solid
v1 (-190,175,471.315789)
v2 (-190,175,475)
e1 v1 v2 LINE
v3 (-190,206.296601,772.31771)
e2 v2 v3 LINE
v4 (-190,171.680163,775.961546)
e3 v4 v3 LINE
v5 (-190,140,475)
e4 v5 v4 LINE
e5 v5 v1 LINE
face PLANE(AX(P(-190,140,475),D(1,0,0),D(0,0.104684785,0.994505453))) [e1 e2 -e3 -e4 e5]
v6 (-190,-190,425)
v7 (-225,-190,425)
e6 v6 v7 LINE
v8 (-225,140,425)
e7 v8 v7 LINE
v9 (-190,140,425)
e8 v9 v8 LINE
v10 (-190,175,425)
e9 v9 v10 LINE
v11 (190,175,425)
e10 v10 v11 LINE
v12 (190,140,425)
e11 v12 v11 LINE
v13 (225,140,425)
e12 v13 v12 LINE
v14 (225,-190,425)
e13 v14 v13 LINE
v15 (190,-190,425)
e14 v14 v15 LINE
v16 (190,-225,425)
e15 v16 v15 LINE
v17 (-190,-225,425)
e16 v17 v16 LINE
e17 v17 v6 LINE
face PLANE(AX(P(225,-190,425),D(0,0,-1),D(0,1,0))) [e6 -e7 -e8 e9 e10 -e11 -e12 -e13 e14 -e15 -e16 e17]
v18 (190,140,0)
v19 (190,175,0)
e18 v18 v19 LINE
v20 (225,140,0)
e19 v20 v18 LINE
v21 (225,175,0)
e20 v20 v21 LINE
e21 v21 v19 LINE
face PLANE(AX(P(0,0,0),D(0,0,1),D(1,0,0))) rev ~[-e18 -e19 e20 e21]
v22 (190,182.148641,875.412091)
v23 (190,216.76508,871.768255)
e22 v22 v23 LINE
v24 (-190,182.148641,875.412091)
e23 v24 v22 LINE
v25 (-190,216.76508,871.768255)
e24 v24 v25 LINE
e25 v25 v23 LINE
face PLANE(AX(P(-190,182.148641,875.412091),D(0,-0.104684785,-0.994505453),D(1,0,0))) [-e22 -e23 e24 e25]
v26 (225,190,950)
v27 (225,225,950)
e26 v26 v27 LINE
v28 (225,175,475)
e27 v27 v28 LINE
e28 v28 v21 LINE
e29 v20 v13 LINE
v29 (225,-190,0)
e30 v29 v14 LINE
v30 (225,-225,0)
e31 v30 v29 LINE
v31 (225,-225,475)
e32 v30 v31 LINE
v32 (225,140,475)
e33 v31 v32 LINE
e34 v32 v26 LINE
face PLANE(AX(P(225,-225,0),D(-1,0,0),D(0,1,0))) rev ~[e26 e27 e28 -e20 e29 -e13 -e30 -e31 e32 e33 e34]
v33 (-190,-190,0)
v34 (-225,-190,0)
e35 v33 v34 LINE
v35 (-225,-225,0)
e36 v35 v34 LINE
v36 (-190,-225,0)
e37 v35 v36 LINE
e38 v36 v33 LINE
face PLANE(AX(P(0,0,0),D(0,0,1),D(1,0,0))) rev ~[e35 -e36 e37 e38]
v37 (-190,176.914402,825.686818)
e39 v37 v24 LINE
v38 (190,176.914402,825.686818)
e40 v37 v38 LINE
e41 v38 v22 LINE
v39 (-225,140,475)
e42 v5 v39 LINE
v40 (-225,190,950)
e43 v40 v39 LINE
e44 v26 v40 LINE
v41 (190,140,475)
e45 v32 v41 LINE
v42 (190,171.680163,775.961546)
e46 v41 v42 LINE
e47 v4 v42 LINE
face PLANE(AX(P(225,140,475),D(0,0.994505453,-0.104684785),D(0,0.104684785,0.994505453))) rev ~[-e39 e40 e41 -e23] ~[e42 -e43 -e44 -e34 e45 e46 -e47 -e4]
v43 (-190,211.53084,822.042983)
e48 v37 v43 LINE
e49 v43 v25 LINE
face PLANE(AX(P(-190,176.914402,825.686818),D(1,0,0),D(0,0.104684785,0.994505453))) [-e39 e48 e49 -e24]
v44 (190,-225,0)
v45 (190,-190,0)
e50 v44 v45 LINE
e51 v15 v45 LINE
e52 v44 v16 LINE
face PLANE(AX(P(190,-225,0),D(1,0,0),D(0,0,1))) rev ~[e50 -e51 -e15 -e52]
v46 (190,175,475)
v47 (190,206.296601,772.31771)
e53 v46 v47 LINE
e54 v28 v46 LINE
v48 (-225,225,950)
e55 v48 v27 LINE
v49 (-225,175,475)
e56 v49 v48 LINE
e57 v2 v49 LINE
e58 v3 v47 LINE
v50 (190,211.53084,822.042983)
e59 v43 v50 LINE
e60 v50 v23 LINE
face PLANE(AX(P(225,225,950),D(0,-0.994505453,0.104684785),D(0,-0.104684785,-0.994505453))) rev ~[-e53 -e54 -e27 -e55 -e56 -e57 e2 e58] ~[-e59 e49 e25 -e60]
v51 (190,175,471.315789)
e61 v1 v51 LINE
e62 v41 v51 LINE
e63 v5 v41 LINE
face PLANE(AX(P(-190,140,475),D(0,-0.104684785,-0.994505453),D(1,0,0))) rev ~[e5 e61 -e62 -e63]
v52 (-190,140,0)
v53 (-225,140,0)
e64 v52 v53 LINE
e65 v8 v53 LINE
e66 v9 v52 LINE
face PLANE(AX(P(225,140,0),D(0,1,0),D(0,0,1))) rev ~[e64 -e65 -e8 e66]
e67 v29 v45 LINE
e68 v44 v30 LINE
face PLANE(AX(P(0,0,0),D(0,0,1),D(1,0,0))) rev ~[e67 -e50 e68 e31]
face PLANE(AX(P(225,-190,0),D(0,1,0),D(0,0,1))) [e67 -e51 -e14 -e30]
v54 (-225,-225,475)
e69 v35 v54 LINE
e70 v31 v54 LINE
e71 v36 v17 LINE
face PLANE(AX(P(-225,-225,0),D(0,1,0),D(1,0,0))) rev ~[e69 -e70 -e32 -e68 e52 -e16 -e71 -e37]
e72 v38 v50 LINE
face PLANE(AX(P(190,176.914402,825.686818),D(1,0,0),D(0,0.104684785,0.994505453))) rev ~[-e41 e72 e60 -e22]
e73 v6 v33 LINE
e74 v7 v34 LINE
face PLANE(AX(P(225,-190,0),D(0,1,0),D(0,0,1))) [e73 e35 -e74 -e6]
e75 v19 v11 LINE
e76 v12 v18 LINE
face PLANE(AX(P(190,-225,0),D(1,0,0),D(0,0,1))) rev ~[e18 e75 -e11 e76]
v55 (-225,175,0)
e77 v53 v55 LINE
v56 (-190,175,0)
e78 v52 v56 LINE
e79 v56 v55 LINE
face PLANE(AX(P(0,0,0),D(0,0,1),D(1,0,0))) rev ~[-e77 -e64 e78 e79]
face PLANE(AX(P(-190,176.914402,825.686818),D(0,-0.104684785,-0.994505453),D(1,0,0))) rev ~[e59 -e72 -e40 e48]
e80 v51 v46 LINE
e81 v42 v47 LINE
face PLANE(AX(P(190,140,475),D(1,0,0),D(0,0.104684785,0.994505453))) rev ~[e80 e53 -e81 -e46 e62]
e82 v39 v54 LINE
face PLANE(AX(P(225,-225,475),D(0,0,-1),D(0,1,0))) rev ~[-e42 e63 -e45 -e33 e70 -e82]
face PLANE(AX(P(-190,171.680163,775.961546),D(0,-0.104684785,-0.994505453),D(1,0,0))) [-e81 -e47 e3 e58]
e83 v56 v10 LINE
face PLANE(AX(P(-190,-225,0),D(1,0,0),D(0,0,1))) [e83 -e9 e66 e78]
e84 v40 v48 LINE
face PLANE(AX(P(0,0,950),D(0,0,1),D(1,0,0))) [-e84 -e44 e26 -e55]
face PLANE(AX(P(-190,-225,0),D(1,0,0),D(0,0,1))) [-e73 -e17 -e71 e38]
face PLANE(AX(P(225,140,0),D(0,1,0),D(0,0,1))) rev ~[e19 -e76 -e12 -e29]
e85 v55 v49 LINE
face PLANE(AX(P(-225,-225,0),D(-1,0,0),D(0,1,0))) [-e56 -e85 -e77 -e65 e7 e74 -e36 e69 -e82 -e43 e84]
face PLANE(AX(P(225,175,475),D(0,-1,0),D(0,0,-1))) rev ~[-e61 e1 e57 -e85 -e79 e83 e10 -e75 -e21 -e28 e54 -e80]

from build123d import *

# Parameters (mm, degrees)
F0_W     = 450
F0_H     = 450
F1_DEPTH = 950
F2_W     = 330
F2_H     = 425
F2_W_2   = 50
F2_H_2   = 50
F3_DEPTH = 450.001
F4_W     = 380
F4_H     = 425
F5_DEPTH = 450.001
F6_W     = 380
F6_H     = 50
F6_H_2   = 302.6243293636
F7_DEPTH = 134.2592361444


with BuildPart() as f1:
    # F0 (on Top) → F1 (new body)
    with BuildSketch(Plane.XY):
        Rectangle(F0_W, F0_H)
    extrude(amount=F1_DEPTH)

    # F2 (on face) → F3 (cut, through all)
    with BuildSketch(Plane.YZ.offset(225)):
        Polygon((-225, 475), (140, 475), (190, 950), (-225, 950), align=None)
        with Locations((-25, 212.5)):
            Rectangle(F2_W, F2_H)
        with Locations((200, 212.5)):
            Rectangle(F2_W_2, F2_H)
        Polygon((175, 475), (225, 475), (225, 950), align=None)
        with Locations((200, 450)):
            Rectangle(F2_W_2, F2_H_2)
    extrude(amount=-F3_DEPTH, mode=Mode.SUBTRACT)

    # F4 (on face) → F5 (cut, through all)
    with BuildSketch(Plane.XZ.offset(225)):
        with Locations((0, 212.5)):
            Rectangle(F4_W, F4_H)
    extrude(amount=-F5_DEPTH, mode=Mode.SUBTRACT)

    # F6 (on face) → F7 (cut, through all)
    with BuildSketch(Plane(origin=(0, 89.0136986301, -9.3698630137), x_dir=(1, 0, 0), z_dir=(0, -0.9945054529, 0.1046847845))):
        with Locations((0, 864.6702893338)):
            Rectangle(F6_W, F6_H)
        with Locations((0, 638.358124652)):
            Rectangle(F6_W, F6_H_2)
    extrude(amount=-F7_DEPTH, mode=Mode.SUBTRACT)


solid = f1.part
